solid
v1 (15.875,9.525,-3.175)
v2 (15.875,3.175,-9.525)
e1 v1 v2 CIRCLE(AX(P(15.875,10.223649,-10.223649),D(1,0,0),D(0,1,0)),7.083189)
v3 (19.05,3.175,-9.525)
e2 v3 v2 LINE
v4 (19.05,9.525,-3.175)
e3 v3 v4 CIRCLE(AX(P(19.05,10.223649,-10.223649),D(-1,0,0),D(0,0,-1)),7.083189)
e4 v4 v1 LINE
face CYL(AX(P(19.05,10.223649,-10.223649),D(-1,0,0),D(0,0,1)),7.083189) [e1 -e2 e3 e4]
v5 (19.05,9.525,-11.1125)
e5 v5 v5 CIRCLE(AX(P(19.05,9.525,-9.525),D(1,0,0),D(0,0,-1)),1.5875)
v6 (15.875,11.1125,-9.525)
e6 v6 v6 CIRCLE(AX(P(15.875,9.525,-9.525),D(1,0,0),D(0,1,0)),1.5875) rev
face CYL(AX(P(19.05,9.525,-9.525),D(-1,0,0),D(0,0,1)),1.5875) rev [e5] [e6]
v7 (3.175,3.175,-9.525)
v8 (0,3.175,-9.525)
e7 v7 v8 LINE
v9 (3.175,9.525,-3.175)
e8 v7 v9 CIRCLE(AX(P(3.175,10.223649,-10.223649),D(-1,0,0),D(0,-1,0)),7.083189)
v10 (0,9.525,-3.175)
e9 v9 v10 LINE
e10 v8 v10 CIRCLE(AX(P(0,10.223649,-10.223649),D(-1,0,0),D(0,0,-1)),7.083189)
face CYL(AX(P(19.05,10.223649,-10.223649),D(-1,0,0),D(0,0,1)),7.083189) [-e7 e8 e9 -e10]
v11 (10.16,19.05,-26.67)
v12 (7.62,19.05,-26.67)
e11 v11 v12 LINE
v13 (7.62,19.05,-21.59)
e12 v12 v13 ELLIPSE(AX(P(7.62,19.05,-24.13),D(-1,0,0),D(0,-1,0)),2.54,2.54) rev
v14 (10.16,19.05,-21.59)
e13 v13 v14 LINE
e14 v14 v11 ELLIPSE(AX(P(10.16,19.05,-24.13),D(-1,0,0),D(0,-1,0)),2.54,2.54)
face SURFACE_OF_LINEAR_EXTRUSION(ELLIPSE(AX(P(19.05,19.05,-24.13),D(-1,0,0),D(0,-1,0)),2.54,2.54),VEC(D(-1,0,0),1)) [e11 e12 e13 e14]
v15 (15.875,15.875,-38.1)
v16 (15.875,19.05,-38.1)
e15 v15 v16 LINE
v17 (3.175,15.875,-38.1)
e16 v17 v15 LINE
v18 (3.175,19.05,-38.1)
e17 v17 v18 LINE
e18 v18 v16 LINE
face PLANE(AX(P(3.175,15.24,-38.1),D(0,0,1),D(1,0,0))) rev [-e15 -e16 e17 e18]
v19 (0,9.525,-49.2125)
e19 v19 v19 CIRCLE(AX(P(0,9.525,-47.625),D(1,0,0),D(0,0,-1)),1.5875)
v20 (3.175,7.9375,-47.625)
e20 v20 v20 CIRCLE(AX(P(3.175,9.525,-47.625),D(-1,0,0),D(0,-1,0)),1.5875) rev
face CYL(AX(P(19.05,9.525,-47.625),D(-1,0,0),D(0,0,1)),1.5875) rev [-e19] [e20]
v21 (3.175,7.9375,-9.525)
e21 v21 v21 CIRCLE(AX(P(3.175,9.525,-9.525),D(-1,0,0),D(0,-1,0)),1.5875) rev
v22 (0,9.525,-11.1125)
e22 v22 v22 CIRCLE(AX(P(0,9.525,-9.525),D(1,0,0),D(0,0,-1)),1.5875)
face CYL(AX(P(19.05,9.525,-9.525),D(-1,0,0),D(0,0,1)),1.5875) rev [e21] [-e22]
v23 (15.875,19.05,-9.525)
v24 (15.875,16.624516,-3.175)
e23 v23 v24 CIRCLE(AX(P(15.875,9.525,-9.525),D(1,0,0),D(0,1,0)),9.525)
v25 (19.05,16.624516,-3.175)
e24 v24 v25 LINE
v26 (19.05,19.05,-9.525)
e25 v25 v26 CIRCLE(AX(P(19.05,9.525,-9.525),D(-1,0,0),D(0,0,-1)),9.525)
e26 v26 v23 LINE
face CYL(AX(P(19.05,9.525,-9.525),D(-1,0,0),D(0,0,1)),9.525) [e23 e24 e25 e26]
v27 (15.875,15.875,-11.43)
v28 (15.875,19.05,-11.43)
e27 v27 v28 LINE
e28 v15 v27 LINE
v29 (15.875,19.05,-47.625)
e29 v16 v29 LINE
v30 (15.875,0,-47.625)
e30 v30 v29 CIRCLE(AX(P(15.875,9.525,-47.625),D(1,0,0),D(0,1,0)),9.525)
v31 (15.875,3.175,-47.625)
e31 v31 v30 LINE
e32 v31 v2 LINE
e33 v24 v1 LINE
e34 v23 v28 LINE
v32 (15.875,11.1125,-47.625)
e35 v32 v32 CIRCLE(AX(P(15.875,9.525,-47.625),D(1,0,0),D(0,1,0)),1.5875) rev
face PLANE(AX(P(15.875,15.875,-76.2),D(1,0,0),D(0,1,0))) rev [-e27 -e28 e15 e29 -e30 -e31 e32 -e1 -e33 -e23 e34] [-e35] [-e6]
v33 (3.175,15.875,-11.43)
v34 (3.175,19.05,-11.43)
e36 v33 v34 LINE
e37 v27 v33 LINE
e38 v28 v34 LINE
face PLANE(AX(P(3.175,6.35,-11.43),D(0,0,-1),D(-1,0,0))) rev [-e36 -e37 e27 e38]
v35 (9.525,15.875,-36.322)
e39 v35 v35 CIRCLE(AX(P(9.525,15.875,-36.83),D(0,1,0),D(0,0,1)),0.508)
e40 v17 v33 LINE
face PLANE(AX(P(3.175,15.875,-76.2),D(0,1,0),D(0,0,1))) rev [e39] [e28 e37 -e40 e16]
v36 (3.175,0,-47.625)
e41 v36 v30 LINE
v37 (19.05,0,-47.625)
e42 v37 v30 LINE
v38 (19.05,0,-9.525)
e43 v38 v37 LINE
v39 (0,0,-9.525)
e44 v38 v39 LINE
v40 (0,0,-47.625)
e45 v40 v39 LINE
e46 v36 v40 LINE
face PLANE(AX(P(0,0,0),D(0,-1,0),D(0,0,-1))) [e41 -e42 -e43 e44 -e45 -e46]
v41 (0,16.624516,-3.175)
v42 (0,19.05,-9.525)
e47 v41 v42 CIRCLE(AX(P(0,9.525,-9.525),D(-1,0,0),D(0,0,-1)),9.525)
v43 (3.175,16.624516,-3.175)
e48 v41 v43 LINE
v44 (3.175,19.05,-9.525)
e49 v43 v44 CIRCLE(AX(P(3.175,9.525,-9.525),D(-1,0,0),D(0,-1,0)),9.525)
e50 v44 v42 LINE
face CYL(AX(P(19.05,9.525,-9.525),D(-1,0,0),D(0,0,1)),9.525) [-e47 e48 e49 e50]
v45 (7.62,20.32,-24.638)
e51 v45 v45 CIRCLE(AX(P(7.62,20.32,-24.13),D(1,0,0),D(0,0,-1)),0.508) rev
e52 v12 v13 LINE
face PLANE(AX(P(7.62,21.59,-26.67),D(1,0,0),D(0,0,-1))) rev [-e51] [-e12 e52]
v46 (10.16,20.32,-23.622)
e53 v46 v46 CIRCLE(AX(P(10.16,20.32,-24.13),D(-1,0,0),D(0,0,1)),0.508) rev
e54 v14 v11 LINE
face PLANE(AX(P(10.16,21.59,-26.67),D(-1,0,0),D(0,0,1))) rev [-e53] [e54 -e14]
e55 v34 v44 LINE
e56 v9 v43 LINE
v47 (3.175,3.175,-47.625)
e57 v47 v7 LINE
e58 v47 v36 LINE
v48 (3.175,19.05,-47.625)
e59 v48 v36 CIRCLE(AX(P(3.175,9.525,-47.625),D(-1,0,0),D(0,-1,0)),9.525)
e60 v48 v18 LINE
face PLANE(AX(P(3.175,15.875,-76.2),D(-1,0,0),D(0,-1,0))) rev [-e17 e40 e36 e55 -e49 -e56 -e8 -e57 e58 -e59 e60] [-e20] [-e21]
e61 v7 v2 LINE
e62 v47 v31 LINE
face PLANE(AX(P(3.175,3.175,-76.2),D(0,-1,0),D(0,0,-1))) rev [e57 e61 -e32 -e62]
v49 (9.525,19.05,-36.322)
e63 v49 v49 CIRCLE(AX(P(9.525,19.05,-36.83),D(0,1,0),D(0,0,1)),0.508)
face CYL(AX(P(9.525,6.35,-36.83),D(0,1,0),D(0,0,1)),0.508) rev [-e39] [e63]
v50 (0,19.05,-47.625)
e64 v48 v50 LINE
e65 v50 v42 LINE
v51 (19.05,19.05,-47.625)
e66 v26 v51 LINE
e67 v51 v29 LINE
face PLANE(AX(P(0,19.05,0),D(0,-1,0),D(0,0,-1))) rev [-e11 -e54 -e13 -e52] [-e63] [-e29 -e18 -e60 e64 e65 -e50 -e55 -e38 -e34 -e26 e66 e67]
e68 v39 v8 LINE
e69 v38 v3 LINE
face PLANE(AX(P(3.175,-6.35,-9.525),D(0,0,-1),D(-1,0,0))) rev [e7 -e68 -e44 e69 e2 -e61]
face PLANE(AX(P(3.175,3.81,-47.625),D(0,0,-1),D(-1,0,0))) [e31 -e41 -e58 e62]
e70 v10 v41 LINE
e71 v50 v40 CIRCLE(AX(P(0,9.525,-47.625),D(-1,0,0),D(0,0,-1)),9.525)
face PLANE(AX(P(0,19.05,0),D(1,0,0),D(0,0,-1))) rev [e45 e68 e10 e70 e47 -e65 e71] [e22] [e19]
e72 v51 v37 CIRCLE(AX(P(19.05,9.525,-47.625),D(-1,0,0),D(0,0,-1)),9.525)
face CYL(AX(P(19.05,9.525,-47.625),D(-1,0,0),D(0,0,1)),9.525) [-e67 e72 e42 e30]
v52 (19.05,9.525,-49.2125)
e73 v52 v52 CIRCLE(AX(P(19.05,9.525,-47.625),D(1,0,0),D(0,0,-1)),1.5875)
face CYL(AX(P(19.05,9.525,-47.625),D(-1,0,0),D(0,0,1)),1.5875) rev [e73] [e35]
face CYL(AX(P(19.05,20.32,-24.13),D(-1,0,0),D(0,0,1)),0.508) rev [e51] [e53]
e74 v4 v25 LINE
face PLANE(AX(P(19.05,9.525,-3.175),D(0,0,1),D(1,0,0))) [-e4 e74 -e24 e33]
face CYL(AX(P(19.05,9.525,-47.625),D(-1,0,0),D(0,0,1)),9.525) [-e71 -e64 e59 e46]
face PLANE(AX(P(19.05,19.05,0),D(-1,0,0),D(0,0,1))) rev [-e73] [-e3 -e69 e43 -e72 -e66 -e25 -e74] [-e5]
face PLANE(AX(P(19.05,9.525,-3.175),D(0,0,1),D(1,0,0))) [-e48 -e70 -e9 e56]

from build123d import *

# Parameters (mm, degrees)
SKETCH1_W           = 19.05
SKETCH1_H           = 57.15
BOSS_EXTRUDE1_DEPTH = 19.05
SKETCH2_W           = 12.7
SKETCH2_H           = 12.7
CUT_EXTRUDE1_DEPTH  = 76.2
SKETCH3_W           = 2.54
SKETCH3_H           = 5.08
BOSS_EXTRUDE2_DEPTH = 2.54
SKETCH4_R           = 0.508
SKETCH4_R_2         = 1.5875
CUT_EXTRUDE2_DEPTH  = 19.05
SKETCH7_R           = 0.508
CUT_EXTRUDE3_DEPTH  = 12.7
SKETCH8_W           = 12.7
SKETCH8_H           = 9.525
CUT_EXTRUDE4_DEPTH  = 25.4
SKETCH11_R          = 1.5875
CUT_EXTRUDE6_DEPTH  = 19.05
SKETCH12_W          = 12.7
SKETCH12_H          = 30.970960978
CUT_EXTRUDE7_DEPTH  = 3.81
SKETCH13_W          = 12.7
SKETCH13_H          = 19.463069007
CUT_EXTRUDE8_DEPTH  = 3.81
CUT_EXTRUDE9_DEPTH  = 19.05


with BuildPart() as part:
    # Sketch1 → Boss-Extrude1 (new body)
    with BuildSketch(Plane(origin=(0, 0, 0), x_dir=(1, 0, 0), z_dir=(0, 1, 0))):
        with Locations((9.525, 28.575)):
            Rectangle(SKETCH1_W, SKETCH1_H)
    extrude(amount=BOSS_EXTRUDE1_DEPTH)

    # Sketch2 → Cut-Extrude1 (cut)
    with BuildSketch(Plane.XY):
        with Locations((9.525, 9.525)):
            Rectangle(SKETCH2_W, SKETCH2_H)
    extrude(amount=-CUT_EXTRUDE1_DEPTH, mode=Mode.SUBTRACT)

    # Sketch3 → Boss-Extrude2 (add)
    with BuildSketch(Plane(origin=(0, 19.05, 0), x_dir=(1, 0, 0), z_dir=(0, 1, 0))):
        with Locations((8.89, 24.13)):
            Rectangle(SKETCH3_W, SKETCH3_H)
    extrude(amount=BOSS_EXTRUDE2_DEPTH)

    # Sketch4 → Cut-Extrude2 (cut)
    with BuildSketch(Plane(origin=(0, 0, 0), x_dir=(0, 0, -1), z_dir=(1, 0, 0))):
        with Locations((24.13, 20.32)):
            Circle(SKETCH4_R)
        with Locations((9.525, 9.525)):
            Circle(SKETCH4_R_2)
        with BuildLine():
            ThreePointArc((26.67, 19.05), (24.13, 24.78976855), (21.59, 19.05))
            add(Edge.make_bspline(
                [(26.67, 19.05), (26.67, 21.59), (24.13, 21.59), (21.59, 21.59), (21.59, 19.05)],
                knots=[3.141592654, 3.141592654, 3.141592654, 4.71238898, 4.71238898, 6.283185307, 6.283185307, 6.283185307], degree=2, weights=[1, 0.707106781, 1, 0.707106781, 1]))
        make_face()
        with BuildLine():
            ThreePointArc((9.525, 19.05), (0, 9.525), (9.525, 0))
            ThreePointArc((9.525, 0), (-29.420443119, 9.525), (9.525, 19.05))
        make_face()
    extrude(amount=CUT_EXTRUDE2_DEPTH, mode=Mode.SUBTRACT)

    # Sketch7 → Cut-Extrude3 (cut)
    with BuildSketch(Plane(origin=(0, 19.05, 0), x_dir=(1, 0, 0), z_dir=(0, 1, 0))):
        with Locations((9.525, 36.83)):
            Circle(SKETCH7_R)
        Polygon((3.175, 0), (3.175, 11.43), (6.35, 11.43), (12.7, 11.43), (15.875, 11.43), (15.875, 0), align=None)
    extrude(amount=-CUT_EXTRUDE3_DEPTH, mode=Mode.SUBTRACT)

    # Sketch8 → Cut-Extrude4 (cut)
    with BuildSketch(Plane(origin=(0, 19.05, 0), x_dir=(1, 0, 0), z_dir=(0, 1, 0))):
        with Locations((9.525, 4.7625)):
            Rectangle(SKETCH8_W, SKETCH8_H)
    extrude(amount=-CUT_EXTRUDE4_DEPTH, mode=Mode.SUBTRACT)

    # Sketch11 → Cut-Extrude6 (cut)
    with BuildSketch(Plane(origin=(0, 0, 0), x_dir=(0, 0, -1), z_dir=(1, 0, 0))):
        with Locations((47.625, 9.525)):
            Circle(SKETCH11_R)
        with BuildLine():
            ThreePointArc((47.625, 0), (57.15, 9.525), (47.625, 19.05))
            ThreePointArc((47.625, 19.05), (63.905355935, 9.525), (47.625, 0))
        make_face()
    extrude(amount=CUT_EXTRUDE6_DEPTH, mode=Mode.SUBTRACT)

    # Sketch12 → Cut-Extrude7 (cut)
    with BuildSketch(Plane(origin=(0, 19.05, 0), x_dir=(1, 0, 0), z_dir=(0, 1, 0))):
        with Locations((9.525, 53.585480489)):
            Rectangle(SKETCH12_W, SKETCH12_H)
    extrude(amount=-CUT_EXTRUDE7_DEPTH, mode=Mode.SUBTRACT)

    # Sketch13 → Cut-Extrude8 (cut)
    with BuildSketch(Plane(origin=(0, 0, 0), x_dir=(1, 0, 0), z_dir=(0, 1, 0))):
        with Locations((9.525, 57.356534504)):
            Rectangle(SKETCH13_W, SKETCH13_H)
    extrude(amount=CUT_EXTRUDE8_DEPTH, mode=Mode.SUBTRACT)

    # Sketch14 → Cut-Extrude9 (cut)
    with BuildSketch(Plane(origin=(0, 0, 0), x_dir=(0, 0, -1), z_dir=(1, 0, 0))):
        with BuildLine():
            Line((9.525, 0), (9.525, 3.175))
            ThreePointArc((9.525, 3.175), (5.21507822, 5.21507822), (3.175, 9.525))
            Line((3.175, 9.525), (3.175, 18.741336737))
            Line((3.175, 18.741336737), (-3.728591213, 9.978700773))
            Line((-3.728591213, 9.978700773), (-2.544461104, 0))
            Line((-2.544461104, 0), (9.525, 0))
        make_face()
    extrude(amount=CUT_EXTRUDE9_DEPTH, mode=Mode.SUBTRACT)


solid = part.part
